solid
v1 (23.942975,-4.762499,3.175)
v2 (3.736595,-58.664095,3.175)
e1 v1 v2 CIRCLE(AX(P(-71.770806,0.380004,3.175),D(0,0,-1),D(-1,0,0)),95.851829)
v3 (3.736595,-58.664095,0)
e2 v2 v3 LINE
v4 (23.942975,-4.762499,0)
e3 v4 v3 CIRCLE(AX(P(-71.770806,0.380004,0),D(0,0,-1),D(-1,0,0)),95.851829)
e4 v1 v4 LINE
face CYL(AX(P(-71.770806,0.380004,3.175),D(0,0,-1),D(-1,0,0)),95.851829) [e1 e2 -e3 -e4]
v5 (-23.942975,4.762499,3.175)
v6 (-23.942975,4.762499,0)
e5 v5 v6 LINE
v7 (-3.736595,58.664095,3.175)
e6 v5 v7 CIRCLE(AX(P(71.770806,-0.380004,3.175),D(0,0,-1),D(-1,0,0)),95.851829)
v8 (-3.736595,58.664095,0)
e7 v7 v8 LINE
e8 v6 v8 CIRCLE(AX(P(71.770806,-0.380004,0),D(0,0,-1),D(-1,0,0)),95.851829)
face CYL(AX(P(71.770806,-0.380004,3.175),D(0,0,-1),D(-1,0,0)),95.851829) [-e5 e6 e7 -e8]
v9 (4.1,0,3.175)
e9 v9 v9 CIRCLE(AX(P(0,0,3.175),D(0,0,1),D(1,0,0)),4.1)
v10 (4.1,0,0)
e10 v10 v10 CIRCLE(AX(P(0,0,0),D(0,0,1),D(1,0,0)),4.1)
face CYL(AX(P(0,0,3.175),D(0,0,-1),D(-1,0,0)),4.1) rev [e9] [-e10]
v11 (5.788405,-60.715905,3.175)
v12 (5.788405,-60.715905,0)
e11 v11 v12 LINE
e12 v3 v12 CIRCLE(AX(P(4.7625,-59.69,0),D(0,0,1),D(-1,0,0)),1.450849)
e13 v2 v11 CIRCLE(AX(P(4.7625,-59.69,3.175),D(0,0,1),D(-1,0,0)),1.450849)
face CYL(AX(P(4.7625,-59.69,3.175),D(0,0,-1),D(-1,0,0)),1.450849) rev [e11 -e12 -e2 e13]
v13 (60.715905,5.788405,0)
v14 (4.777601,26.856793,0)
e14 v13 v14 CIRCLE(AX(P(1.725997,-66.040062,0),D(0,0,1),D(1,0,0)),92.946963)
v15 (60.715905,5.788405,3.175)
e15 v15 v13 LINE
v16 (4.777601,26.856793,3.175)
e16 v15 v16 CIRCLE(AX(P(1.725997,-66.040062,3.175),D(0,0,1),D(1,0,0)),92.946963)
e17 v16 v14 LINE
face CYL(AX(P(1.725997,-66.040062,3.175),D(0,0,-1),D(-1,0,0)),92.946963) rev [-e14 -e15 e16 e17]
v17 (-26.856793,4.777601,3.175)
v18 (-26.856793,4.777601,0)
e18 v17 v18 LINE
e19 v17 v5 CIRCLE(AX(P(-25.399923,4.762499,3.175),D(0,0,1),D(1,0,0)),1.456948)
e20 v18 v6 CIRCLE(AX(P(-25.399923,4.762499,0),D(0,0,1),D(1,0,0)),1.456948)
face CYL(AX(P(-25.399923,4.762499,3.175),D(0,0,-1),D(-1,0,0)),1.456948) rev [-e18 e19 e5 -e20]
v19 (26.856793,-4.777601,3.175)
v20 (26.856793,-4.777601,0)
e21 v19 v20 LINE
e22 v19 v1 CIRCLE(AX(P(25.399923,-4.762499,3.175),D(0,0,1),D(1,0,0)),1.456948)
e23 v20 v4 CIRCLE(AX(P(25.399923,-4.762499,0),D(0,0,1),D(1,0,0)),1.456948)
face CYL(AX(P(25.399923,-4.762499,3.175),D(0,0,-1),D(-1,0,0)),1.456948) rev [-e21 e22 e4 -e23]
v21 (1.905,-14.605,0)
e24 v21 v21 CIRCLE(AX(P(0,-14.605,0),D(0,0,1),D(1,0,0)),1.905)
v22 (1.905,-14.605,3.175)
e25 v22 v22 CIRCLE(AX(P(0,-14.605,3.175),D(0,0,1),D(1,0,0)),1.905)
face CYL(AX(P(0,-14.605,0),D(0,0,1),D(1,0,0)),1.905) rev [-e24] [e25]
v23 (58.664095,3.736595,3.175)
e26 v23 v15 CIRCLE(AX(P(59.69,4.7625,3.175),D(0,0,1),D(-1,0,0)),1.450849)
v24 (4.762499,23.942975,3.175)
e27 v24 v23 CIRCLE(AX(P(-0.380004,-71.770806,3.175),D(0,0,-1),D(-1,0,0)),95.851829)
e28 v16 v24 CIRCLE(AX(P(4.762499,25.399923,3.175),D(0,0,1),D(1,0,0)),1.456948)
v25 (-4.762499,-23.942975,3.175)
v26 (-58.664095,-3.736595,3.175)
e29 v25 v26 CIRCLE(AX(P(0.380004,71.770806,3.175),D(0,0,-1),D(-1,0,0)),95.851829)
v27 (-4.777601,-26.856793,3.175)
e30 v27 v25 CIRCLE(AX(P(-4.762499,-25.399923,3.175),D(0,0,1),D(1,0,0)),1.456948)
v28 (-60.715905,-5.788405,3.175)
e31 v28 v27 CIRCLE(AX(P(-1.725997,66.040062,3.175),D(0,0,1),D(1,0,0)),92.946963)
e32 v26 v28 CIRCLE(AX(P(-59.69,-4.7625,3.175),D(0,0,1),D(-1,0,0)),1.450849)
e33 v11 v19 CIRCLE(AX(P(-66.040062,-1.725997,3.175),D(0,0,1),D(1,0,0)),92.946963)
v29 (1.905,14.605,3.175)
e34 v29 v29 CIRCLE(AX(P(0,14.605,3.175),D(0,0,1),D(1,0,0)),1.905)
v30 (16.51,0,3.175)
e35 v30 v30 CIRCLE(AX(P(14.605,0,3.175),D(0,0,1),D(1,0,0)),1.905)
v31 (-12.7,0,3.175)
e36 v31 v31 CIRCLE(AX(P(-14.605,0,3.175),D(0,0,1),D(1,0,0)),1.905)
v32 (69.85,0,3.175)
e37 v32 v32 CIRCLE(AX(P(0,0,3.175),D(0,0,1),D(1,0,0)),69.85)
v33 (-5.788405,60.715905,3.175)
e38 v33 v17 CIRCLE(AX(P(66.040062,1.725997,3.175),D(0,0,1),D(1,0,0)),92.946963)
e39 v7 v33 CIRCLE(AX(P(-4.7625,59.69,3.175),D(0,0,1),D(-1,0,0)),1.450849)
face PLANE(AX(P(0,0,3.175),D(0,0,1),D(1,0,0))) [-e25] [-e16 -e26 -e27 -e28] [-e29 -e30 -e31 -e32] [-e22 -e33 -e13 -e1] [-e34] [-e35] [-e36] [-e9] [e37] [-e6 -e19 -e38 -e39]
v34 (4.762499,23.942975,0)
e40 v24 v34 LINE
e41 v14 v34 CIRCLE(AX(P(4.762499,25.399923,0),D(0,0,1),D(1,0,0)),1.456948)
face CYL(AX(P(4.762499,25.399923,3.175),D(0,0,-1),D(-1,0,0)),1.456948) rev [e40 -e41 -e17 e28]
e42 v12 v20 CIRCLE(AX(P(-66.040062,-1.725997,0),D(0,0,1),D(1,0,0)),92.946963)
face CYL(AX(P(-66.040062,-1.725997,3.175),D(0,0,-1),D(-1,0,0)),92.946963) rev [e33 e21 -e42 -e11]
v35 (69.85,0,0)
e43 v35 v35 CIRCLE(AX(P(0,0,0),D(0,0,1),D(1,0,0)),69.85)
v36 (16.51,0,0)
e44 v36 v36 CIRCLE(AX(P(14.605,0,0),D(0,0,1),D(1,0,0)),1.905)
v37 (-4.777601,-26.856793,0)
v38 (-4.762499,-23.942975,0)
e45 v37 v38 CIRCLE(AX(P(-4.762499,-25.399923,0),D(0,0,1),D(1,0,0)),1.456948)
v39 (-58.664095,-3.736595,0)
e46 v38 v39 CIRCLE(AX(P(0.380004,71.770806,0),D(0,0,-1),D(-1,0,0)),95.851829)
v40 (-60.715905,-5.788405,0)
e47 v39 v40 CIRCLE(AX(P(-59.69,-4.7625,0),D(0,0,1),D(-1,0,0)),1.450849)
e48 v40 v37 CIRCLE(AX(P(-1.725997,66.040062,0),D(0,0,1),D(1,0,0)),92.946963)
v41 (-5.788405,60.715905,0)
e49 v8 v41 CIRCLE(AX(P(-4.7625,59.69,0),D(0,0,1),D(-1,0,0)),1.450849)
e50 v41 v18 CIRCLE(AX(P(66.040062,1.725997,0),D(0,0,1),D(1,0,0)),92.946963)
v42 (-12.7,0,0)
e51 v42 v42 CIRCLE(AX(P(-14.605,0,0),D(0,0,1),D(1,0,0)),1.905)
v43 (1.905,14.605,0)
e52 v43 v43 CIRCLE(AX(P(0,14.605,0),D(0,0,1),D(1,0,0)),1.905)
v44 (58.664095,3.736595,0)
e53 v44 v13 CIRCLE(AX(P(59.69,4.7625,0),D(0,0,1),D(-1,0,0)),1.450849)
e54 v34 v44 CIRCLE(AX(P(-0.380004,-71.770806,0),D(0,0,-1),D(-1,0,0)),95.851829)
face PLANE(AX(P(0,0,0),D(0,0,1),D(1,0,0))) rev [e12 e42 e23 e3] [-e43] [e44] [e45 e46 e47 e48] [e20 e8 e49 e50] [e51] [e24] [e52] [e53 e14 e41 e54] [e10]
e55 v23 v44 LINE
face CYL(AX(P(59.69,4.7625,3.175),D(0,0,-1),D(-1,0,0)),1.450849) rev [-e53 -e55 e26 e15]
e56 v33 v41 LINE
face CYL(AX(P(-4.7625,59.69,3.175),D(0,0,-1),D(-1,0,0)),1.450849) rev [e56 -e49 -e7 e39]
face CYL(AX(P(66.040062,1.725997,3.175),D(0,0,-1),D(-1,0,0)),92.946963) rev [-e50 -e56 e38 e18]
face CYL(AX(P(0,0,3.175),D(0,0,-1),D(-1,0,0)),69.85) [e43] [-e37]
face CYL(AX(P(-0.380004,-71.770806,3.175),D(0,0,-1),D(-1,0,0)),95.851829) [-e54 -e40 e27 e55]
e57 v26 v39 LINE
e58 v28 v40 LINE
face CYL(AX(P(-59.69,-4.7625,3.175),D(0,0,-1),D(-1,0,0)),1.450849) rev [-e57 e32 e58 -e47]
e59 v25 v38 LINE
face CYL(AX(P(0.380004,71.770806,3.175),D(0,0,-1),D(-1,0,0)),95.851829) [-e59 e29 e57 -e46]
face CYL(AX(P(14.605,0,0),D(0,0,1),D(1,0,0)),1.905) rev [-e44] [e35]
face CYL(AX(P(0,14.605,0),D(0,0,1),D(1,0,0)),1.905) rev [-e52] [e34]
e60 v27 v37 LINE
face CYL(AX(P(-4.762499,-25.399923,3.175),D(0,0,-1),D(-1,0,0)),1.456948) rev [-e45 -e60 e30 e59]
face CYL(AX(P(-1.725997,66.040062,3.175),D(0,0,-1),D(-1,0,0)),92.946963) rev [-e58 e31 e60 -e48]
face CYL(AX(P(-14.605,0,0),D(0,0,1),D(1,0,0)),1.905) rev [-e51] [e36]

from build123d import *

# Parameters (mm, degrees)
SKETCH1_R           = 69.85
SKETCH1_R_2         = 4.1
BOSS_EXTRUDE1_DEPTH = 3.175
SKETCH4_R           = 1.905
CUT_EXTRUDE1_DEPTH  = 4.175


with BuildPart() as part:
    # Sketch1 → Boss-Extrude1 (new body)
    with BuildSketch(Plane.XY):
        Circle(SKETCH1_R)
        Circle(SKETCH1_R_2, mode=Mode.SUBTRACT)
        with BuildLine():
            ThreePointArc((60.715904818, 5.788404818), (34.486591453, 20.94201271), (4.777601385, 26.856792578))
            ThreePointArc((4.777601385, 26.856792578), (3.305570957, 25.407474231), (4.762499202, 23.942975224))
            ThreePointArc((4.762499202, 23.942975224), (33.266012569, 17.981736248), (58.664095182, 3.736595182))
            ThreePointArc((58.664095182, 3.736595182), (60.715904818, 3.736595182), (60.715904818, 5.788404818))
        make_face(mode=Mode.SUBTRACT)
        with BuildLine():
            ThreePointArc((-23.942975224, 4.762499202), (-17.981736248, 33.266012569), (-3.736595182, 58.664095182))
            ThreePointArc((-3.736595182, 58.664095182), (-3.736595182, 60.715904818), (-5.788404818, 60.715904818))
            ThreePointArc((-5.788404818, 60.715904818), (-20.94201271, 34.486591453), (-26.856792578, 4.777601385))
            ThreePointArc((-26.856792578, 4.777601385), (-25.407474231, 3.305570957), (-23.942975224, 4.762499202))
        make_face(mode=Mode.SUBTRACT)
        with BuildLine():
            ThreePointArc((5.788404818, -60.715904818), (20.94201271, -34.486591453), (26.856792578, -4.777601385))
            ThreePointArc((26.856792578, -4.777601385), (25.407474231, -3.305570957), (23.942975224, -4.762499202))
            ThreePointArc((23.942975224, -4.762499202), (17.981736248, -33.266012569), (3.736595182, -58.664095182))
            ThreePointArc((3.736595182, -58.664095182), (3.736595182, -60.715904818), (5.788404818, -60.715904818))
        make_face(mode=Mode.SUBTRACT)
        with BuildLine():
            ThreePointArc((-60.715904818, -5.788404818), (-34.486591453, -20.94201271), (-4.777601385, -26.856792578))
            ThreePointArc((-4.777601385, -26.856792578), (-3.305570957, -25.407474231), (-4.762499202, -23.942975224))
            ThreePointArc((-4.762499202, -23.942975224), (-33.266012569, -17.981736248), (-58.664095182, -3.736595182))
            ThreePointArc((-58.664095182, -3.736595182), (-60.715904818, -3.736595182), (-60.715904818, -5.788404818))
        make_face(mode=Mode.SUBTRACT)
    extrude(amount=BOSS_EXTRUDE1_DEPTH)

    # Sketch4 → Cut-Extrude1 (cut, through all)
    with BuildSketch(Plane.XY.offset(3.175)):
        with Locations((14.605, 0)):
            Circle(SKETCH4_R)
        with Locations((0, -14.605)):
            Circle(SKETCH4_R)
        with Locations((-14.605, 0)):
            Circle(SKETCH4_R)
        with Locations((0, 14.605)):
            Circle(SKETCH4_R)
    extrude(amount=-CUT_EXTRUDE1_DEPTH, mode=Mode.SUBTRACT)


solid = part.part
